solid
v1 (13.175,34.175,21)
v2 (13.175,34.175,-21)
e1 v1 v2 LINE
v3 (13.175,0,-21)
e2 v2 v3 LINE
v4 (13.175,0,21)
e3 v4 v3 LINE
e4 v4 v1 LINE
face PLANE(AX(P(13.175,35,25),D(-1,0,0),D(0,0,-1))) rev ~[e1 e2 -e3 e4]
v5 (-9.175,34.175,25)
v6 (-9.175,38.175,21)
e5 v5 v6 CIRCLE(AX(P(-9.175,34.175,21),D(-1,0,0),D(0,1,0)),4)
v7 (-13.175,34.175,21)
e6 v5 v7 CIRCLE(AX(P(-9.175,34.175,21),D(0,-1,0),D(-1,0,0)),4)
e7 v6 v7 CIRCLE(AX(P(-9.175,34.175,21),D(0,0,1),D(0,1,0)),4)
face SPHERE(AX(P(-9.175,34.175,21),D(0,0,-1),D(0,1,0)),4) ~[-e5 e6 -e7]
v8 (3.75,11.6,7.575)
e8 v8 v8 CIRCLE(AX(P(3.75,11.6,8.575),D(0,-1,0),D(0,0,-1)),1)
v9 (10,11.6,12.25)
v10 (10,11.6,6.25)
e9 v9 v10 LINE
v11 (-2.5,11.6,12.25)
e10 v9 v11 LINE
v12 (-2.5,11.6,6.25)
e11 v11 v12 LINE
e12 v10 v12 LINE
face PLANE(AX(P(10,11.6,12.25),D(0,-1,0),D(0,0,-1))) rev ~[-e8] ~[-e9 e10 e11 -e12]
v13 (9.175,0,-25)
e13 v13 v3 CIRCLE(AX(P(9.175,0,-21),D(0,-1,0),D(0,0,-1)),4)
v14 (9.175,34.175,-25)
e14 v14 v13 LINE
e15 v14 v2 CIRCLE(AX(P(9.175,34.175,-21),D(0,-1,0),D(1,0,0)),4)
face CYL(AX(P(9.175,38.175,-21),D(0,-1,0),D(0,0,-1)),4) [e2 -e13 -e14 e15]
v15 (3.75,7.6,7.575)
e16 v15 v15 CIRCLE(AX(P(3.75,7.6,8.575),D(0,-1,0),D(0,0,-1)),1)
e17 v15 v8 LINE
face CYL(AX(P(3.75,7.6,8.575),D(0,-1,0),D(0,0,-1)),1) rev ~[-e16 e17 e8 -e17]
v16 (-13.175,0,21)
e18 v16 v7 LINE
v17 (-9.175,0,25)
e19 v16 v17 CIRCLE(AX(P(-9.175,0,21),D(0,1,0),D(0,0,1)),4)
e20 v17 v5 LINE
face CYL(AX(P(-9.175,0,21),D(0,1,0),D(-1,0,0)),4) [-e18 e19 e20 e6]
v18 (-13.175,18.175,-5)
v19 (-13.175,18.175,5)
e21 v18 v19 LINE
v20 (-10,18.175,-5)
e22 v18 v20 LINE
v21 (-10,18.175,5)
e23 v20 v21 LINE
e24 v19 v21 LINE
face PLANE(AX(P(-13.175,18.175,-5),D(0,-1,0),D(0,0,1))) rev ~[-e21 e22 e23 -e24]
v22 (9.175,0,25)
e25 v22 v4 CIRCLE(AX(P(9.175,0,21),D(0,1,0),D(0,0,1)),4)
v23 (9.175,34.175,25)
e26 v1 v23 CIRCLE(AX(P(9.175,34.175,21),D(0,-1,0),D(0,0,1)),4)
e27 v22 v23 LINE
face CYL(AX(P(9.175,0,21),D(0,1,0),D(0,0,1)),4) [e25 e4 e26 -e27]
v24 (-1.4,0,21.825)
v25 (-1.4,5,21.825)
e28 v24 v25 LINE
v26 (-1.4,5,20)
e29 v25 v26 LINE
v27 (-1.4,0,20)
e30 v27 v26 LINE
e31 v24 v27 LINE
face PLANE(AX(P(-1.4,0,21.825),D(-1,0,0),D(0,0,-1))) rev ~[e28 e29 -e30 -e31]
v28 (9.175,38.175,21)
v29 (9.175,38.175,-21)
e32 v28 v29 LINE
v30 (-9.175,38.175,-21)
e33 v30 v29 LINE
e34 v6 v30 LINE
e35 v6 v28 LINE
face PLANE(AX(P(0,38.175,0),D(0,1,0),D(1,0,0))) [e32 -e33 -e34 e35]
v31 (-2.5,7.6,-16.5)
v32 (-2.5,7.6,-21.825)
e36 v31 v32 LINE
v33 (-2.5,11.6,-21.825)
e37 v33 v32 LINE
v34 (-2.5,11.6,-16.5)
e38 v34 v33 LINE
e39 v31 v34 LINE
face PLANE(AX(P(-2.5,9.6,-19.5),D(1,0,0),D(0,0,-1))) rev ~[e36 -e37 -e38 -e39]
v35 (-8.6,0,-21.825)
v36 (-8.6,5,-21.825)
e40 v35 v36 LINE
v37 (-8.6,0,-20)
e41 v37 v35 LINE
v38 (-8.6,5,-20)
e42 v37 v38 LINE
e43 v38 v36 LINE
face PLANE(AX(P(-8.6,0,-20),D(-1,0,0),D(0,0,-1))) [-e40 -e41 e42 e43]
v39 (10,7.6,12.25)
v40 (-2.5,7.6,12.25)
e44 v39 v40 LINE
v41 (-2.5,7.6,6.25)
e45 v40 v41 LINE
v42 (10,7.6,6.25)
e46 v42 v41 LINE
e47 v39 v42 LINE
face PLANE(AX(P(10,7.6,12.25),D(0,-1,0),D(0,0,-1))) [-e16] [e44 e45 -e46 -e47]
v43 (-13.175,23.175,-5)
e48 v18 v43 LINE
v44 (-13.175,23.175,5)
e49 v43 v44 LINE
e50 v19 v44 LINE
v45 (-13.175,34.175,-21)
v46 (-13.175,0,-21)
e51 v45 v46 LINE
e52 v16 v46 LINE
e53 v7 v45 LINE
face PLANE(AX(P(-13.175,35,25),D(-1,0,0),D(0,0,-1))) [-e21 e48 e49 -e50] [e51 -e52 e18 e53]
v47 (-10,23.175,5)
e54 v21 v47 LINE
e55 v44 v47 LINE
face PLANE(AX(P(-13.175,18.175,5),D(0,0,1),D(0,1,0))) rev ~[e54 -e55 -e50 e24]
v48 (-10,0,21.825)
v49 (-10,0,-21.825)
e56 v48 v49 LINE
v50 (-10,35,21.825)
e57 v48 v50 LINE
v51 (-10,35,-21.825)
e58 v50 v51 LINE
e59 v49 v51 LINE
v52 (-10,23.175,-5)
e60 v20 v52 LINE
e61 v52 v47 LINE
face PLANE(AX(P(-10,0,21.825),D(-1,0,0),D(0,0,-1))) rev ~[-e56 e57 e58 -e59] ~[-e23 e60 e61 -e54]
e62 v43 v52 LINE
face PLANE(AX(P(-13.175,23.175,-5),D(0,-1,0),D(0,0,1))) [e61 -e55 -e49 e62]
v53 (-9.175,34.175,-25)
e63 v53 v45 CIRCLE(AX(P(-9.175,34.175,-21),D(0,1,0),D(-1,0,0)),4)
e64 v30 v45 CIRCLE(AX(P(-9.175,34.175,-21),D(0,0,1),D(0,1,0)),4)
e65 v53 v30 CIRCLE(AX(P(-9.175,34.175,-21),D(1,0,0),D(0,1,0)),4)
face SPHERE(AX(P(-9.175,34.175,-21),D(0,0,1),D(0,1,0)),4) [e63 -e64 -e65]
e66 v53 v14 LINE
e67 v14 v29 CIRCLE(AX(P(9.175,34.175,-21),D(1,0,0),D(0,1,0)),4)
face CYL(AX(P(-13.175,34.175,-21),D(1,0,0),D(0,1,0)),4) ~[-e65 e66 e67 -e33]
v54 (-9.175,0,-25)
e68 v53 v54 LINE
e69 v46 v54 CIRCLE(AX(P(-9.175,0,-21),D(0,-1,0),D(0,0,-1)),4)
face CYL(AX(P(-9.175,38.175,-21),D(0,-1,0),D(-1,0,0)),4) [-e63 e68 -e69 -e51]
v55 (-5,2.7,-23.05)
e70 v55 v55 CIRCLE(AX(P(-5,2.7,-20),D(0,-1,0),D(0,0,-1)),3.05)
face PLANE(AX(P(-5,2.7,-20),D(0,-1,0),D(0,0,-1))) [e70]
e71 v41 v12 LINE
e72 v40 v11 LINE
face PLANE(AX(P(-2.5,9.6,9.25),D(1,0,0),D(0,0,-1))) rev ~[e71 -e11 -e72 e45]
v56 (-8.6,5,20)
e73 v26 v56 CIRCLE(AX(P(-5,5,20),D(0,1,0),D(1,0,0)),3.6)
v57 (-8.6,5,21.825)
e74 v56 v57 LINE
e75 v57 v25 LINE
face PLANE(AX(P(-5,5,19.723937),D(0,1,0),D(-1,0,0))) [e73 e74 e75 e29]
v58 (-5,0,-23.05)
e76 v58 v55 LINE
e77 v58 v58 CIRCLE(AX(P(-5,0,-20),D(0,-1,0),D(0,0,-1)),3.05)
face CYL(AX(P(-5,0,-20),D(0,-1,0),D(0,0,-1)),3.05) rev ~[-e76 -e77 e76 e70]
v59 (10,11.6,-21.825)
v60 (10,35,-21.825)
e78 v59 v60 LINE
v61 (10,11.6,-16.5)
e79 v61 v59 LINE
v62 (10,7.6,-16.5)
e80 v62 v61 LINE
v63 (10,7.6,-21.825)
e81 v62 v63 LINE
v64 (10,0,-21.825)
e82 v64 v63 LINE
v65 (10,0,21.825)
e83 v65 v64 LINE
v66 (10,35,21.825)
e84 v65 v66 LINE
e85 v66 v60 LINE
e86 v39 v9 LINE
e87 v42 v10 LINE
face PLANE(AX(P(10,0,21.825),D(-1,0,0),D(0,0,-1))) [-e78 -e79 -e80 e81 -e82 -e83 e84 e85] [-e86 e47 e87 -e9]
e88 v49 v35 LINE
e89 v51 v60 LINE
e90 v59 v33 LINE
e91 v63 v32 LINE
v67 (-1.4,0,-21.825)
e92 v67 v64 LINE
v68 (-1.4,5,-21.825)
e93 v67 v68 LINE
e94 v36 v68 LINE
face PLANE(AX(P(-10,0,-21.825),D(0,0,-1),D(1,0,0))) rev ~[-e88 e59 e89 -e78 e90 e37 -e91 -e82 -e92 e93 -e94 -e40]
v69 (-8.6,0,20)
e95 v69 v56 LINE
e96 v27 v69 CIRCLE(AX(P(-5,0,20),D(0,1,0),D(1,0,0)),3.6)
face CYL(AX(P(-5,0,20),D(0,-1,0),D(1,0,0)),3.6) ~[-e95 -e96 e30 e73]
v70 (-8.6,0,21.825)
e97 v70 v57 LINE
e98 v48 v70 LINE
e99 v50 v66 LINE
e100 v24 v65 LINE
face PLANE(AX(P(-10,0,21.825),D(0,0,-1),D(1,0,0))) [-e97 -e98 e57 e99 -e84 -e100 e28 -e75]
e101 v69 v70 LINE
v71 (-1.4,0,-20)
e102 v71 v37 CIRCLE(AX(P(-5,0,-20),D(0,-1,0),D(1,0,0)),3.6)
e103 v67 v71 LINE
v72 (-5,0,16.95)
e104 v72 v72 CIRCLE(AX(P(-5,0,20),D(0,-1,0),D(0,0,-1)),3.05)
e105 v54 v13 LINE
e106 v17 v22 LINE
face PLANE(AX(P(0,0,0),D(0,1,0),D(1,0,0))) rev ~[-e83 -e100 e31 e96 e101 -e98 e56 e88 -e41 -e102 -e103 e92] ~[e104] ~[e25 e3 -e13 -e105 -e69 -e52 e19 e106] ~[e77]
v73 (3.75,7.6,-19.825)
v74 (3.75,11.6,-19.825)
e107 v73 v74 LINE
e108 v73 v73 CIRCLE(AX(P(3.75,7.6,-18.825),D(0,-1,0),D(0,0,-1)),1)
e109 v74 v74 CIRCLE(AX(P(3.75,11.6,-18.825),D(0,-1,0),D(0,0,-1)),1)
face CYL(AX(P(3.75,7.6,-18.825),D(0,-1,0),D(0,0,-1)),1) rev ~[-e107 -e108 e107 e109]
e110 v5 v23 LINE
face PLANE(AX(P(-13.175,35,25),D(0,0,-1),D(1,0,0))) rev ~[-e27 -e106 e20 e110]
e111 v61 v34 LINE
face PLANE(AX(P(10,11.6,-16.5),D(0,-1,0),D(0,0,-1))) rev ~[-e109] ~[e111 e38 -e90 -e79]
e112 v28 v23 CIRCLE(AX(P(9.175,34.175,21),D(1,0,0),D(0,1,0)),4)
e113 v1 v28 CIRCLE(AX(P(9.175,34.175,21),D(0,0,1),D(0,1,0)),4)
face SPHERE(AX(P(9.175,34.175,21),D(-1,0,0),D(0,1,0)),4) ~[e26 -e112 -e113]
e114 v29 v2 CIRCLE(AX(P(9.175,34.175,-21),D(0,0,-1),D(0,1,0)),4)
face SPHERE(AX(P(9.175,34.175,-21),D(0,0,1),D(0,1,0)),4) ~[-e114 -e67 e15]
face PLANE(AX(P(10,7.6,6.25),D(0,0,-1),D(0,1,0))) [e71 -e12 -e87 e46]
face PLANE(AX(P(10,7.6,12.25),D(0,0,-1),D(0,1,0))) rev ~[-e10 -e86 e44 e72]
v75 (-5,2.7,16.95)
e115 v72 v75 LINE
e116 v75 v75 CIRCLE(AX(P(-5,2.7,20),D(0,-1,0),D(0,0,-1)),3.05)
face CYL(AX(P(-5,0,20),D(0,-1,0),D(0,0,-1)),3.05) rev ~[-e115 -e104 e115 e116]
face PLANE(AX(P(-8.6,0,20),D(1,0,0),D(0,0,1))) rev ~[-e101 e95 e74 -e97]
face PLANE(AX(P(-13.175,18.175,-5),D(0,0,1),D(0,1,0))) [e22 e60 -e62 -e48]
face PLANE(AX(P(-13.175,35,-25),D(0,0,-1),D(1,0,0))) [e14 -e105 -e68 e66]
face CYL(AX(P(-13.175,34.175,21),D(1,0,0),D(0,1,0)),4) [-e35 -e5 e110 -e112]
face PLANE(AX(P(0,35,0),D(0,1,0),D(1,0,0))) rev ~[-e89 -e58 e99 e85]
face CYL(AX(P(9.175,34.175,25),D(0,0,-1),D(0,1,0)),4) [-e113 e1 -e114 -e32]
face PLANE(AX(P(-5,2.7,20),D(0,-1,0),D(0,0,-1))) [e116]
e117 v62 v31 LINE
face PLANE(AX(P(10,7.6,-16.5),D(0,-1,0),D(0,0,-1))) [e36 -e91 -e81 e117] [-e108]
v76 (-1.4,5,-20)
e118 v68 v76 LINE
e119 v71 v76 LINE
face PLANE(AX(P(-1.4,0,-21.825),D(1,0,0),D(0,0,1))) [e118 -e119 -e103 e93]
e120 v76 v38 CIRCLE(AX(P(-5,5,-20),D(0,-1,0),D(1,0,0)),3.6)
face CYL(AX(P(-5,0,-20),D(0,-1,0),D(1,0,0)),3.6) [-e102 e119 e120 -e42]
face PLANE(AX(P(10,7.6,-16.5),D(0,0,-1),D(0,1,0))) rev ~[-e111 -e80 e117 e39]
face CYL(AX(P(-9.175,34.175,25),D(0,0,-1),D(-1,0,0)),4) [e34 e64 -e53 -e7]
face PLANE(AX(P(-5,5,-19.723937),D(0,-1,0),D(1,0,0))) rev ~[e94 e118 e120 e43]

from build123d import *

# Parameters (mm, degrees)
SKETCH1_W           = 26.35
SKETCH1_H           = 50
SKETCH1_W_2         = 20
SKETCH1_H_2         = 43.65
BOSS_EXTRUDE1_DEPTH = 35
SKETCH2_W           = 26.35
SKETCH2_H           = 50
BOSS_EXTRUDE2_DEPTH = 3.175
BOSS_EXTRUDE3_DEPTH = 5
FILLET1_R           = 4
SKETCH6_W           = 10
SKETCH6_H           = 5
CUT_EXTRUDE3_DEPTH  = 3.175
SKETCH8_R           = 3.05
CUT_EXTRUDE5_DEPTH  = 2.7
BOSS_EXTRUDE4_START = -3.175
SKETCH9_W           = 6
SKETCH9_H           = 4
BOSS_EXTRUDE4_DEPTH = 12.5
SKETCH10_R          = 1
CUT_EXTRUDE6_DEPTH  = 15.675


with BuildPart() as part:
    # Sketch1 → Boss-Extrude1 (new body)
    with BuildSketch(Plane(origin=(0, 0, 0), x_dir=(1, 0, 0), z_dir=(0, 1, 0))):
        Rectangle(SKETCH1_W, SKETCH1_H)
        Rectangle(SKETCH1_W_2, SKETCH1_H_2, mode=Mode.SUBTRACT)
    extrude(amount=BOSS_EXTRUDE1_DEPTH)

    # Sketch2 → Boss-Extrude2 (add)
    with BuildSketch(Plane(origin=(0, 35, 0), x_dir=(1, 0, 0), z_dir=(0, 1, 0))):
        Rectangle(SKETCH2_W, SKETCH2_H)
    extrude(amount=BOSS_EXTRUDE2_DEPTH)

    # Sketch4 → Boss-Extrude3 (add)
    with BuildSketch(Plane.XZ):
        with BuildLine():
            Line((-8.6, -20), (-8.6, -21.825))
            Line((-8.6, -21.825), (-1.4, -21.825))
            Line((-1.4, -21.825), (-1.4, -20))
            ThreePointArc((-1.4, -20), (-5, -16.4), (-8.6, -20))
        make_face()
        with BuildLine():
            Line((-8.6, 21.825), (-1.4, 21.825))
            Line((-1.4, 21.825), (-1.4, 20))
            ThreePointArc((-1.4, 20), (-5, 16.4), (-8.6, 20))
            Line((-8.6, 20), (-8.6, 21.825))
        make_face()
    extrude(amount=-BOSS_EXTRUDE3_DEPTH)

    # Fillet1
    fillet1_edges = [part.edges().sort_by_distance(p)[0] for p in [
        (-13.175, 38.175, 0),
        (0, 38.175, 25),
        (13.175, 38.175, 0),
        (0, 38.175, -25),
        (13.175, 19.0875, 25),
        (-13.175, 19.0875, 25),
        (-13.175, 19.0875, -25),
        (13.175, 19.0875, -25),
    ]]
    fillet(fillet1_edges, radius=FILLET1_R)

    # Sketch6 → Cut-Extrude3 (cut)
    with BuildSketch(Plane.ZY.offset(13.175)):
        with Locations((0, 20.675)):
            Rectangle(SKETCH6_W, SKETCH6_H)
    extrude(amount=-CUT_EXTRUDE3_DEPTH, mode=Mode.SUBTRACT)

    # Sketch8 → Cut-Extrude5 (cut)
    with BuildSketch(Plane.XZ):
        with Locations(Location((-5, -20, 0), (0, 0, 270))):
            Circle(SKETCH8_R)
        with Locations(Location((-5, 20, 0), (0, 0, 270))):
            Circle(SKETCH8_R)
    extrude(amount=-CUT_EXTRUDE5_DEPTH, mode=Mode.SUBTRACT)

    # Sketch9 → Boss-Extrude4 (add)
    with BuildSketch(Plane(origin=(13.175, 0, 0), x_dir=(0, 0, -1), z_dir=(1, 0, 0)).offset(BOSS_EXTRUDE4_START)):
        with Locations((19.5, 9.6)):
            Rectangle(SKETCH9_W, SKETCH9_H)
        with Locations((-9.25, 9.6)):
            Rectangle(SKETCH9_W, SKETCH9_H)
    extrude(amount=-BOSS_EXTRUDE4_DEPTH)

    # Sketch10 → Cut-Extrude6 (cut)
    with BuildSketch(Plane.XZ.offset(-7.6)):
        with Locations(Location((3.75, 8.575, 0), (0, 0, 270))):
            Circle(SKETCH10_R)
        with Locations(Location((3.75, -18.825, 0), (0, 0, 270))):
            Circle(SKETCH10_R)
    extrude(amount=-CUT_EXTRUDE6_DEPTH, mode=Mode.SUBTRACT)


solid = part.part
